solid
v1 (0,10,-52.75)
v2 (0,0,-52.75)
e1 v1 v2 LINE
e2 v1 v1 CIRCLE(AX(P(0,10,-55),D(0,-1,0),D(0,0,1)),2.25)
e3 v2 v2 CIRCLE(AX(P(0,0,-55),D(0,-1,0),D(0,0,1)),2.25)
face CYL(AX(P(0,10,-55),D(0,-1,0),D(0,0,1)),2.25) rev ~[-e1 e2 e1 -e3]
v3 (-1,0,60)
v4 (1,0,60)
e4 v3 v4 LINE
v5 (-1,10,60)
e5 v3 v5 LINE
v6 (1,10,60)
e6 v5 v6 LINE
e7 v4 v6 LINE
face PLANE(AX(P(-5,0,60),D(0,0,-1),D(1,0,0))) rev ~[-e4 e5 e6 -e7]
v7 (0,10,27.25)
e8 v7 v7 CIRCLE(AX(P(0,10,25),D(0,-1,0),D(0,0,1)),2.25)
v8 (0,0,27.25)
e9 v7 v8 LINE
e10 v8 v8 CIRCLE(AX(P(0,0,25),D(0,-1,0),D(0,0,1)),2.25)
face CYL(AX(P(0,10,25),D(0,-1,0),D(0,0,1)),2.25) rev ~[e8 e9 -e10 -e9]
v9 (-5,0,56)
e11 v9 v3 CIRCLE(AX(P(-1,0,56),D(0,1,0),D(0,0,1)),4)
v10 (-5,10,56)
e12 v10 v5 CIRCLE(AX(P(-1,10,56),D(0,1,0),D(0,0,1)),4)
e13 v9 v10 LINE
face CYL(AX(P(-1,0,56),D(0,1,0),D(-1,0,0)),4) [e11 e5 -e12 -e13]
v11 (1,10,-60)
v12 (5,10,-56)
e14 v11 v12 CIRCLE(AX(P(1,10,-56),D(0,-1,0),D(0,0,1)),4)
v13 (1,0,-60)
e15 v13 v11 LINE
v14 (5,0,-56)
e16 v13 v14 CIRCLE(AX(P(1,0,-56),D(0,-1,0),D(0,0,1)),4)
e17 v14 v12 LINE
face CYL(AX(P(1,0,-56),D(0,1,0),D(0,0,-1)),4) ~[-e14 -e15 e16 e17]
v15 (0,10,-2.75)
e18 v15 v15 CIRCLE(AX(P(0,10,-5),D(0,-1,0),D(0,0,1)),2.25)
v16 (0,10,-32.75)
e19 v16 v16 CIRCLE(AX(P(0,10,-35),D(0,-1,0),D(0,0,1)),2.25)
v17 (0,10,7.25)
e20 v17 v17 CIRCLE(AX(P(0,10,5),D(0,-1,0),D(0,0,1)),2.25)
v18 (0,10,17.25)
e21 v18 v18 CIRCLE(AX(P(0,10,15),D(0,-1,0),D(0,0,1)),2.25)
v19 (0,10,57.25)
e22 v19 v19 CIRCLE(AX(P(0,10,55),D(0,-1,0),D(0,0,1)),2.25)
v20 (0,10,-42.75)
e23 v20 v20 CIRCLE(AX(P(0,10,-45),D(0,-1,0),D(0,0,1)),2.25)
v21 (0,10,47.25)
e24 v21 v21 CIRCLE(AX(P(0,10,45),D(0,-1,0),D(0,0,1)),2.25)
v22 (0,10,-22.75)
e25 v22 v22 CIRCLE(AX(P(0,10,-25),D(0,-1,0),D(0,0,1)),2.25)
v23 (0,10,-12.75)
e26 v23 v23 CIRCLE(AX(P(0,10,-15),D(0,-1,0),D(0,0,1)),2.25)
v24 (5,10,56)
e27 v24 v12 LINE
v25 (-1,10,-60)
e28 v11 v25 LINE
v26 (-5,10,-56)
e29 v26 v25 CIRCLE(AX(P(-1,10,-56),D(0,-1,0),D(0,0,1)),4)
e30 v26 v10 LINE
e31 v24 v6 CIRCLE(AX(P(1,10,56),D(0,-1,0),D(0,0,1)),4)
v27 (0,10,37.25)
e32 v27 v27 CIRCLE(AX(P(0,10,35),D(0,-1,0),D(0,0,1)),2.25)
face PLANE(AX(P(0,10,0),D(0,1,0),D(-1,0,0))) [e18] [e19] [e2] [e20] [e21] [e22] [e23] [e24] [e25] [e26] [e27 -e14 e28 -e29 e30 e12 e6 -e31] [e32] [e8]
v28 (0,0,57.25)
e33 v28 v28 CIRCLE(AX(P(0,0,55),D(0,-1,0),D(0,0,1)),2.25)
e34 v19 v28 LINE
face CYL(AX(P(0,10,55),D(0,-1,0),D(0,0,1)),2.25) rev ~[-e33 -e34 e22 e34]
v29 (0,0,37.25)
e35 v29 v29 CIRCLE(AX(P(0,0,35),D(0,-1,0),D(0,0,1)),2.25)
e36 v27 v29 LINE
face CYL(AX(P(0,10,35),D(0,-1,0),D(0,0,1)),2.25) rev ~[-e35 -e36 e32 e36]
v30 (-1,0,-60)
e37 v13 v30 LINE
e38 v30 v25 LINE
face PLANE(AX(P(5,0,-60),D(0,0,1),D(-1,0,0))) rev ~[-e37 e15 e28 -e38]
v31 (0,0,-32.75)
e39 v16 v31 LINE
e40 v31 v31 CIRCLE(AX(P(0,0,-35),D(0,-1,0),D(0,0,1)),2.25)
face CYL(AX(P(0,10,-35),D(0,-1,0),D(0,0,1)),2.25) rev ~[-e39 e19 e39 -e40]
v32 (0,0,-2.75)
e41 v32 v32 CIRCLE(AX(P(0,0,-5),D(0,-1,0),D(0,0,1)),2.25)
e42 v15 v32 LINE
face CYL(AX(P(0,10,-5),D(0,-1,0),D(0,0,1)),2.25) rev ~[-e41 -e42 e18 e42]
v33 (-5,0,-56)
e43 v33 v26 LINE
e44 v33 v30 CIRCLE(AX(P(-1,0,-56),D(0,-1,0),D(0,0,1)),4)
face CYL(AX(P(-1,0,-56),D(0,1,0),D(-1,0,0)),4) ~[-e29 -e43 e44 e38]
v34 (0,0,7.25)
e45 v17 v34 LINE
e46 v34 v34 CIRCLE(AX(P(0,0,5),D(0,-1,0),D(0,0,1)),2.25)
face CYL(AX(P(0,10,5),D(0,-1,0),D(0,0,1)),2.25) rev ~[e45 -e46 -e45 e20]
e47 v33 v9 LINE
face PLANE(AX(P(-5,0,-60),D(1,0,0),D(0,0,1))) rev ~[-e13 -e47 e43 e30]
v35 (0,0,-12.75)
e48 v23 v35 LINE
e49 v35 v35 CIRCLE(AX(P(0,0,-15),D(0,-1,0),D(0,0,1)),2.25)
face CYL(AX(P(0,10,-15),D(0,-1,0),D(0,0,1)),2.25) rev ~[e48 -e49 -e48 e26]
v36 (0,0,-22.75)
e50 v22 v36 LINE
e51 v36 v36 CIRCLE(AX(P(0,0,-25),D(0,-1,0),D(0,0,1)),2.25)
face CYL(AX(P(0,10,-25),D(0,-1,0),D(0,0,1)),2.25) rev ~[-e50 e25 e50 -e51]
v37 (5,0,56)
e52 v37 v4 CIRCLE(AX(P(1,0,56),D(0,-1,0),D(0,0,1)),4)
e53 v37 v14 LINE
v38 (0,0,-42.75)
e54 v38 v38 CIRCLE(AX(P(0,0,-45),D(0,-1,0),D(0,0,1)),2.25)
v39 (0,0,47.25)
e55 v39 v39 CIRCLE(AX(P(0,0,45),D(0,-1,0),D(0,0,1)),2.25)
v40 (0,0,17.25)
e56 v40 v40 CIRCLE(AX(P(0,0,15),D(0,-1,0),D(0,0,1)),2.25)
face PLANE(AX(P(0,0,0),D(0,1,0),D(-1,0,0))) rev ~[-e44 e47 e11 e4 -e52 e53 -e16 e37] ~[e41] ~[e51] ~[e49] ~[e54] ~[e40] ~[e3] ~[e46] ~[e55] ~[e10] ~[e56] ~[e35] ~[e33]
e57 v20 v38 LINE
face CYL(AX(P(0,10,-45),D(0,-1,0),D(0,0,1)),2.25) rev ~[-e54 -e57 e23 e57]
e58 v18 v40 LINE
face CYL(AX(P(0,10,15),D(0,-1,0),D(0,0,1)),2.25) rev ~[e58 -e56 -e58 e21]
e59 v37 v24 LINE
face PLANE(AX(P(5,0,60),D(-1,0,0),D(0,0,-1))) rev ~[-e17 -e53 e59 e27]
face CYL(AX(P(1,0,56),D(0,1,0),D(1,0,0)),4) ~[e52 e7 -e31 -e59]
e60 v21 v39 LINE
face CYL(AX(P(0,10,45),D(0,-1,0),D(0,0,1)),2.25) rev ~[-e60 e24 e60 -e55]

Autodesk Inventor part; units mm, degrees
ref_plane "YZ Plane" through (0, 0, 0) normal (1, 0, 0) x (0, 1, 0)
ref_plane "XZ Plane" through (0, 0, 0) normal (0, 1, 0) x (-1, 0, 0)
ref_plane "XY Plane" through (0, 0, 0) normal (0, 0, 1) x (1, 0, 0)
sketch "Sketch1" plane through (0, 0, 0) normal (0, 1, 0) x (-1, 0, 0)
  line L0 (5, 60) -> (-5, 60)
  line L1 (-5, 60) -> (-5, -60)
  line L2 (-5, -60) -> (5, -60)
  line L3 (5, -60) -> (5, 60)
  line L4 (5, 60) -> (-5, -60) construction
  line L5 (-5, 60) -> (5, -60) construction
  point P0 (0, 0)
  dimension "d0" = 10
  dimension "d1" = 120
extrude "Extrusion1" add sketch "Sketch1" along normal blind 10
fillet "Fillet1" radius 4 4 edges at (5, 5, 60) (-5, 5, 60) (-5, 5, -60) (5, 5, -60)
sketch "Sketch2" plane through (0, 10, 0) normal (0, 1, 0) x (1, 0, 0)
  line L0 (1, 60) -> (-1, 60) projected
  line L1 (0, 60) -> (0, -50)
  line L2 (-1, 60) -> (-1, 55)
  arc A0 (-1, 60) -> (-5, 56) centre (-1, 56) ccw projected
  line L3 (-1, 55) -> (0, 55)
  point P0 (0, 0)
  dimension "d5" = 110
  dimension "d6" = 5
hole "Hole1" at (0, 10, -55) direction (0, -1, 0) diameter 4.5 depth 12
pattern_linear "Rectangular Pattern1" count 12 spacing 10 along (0, 0, 1) of "Hole1"
properties part number "soporte de direccion2"
